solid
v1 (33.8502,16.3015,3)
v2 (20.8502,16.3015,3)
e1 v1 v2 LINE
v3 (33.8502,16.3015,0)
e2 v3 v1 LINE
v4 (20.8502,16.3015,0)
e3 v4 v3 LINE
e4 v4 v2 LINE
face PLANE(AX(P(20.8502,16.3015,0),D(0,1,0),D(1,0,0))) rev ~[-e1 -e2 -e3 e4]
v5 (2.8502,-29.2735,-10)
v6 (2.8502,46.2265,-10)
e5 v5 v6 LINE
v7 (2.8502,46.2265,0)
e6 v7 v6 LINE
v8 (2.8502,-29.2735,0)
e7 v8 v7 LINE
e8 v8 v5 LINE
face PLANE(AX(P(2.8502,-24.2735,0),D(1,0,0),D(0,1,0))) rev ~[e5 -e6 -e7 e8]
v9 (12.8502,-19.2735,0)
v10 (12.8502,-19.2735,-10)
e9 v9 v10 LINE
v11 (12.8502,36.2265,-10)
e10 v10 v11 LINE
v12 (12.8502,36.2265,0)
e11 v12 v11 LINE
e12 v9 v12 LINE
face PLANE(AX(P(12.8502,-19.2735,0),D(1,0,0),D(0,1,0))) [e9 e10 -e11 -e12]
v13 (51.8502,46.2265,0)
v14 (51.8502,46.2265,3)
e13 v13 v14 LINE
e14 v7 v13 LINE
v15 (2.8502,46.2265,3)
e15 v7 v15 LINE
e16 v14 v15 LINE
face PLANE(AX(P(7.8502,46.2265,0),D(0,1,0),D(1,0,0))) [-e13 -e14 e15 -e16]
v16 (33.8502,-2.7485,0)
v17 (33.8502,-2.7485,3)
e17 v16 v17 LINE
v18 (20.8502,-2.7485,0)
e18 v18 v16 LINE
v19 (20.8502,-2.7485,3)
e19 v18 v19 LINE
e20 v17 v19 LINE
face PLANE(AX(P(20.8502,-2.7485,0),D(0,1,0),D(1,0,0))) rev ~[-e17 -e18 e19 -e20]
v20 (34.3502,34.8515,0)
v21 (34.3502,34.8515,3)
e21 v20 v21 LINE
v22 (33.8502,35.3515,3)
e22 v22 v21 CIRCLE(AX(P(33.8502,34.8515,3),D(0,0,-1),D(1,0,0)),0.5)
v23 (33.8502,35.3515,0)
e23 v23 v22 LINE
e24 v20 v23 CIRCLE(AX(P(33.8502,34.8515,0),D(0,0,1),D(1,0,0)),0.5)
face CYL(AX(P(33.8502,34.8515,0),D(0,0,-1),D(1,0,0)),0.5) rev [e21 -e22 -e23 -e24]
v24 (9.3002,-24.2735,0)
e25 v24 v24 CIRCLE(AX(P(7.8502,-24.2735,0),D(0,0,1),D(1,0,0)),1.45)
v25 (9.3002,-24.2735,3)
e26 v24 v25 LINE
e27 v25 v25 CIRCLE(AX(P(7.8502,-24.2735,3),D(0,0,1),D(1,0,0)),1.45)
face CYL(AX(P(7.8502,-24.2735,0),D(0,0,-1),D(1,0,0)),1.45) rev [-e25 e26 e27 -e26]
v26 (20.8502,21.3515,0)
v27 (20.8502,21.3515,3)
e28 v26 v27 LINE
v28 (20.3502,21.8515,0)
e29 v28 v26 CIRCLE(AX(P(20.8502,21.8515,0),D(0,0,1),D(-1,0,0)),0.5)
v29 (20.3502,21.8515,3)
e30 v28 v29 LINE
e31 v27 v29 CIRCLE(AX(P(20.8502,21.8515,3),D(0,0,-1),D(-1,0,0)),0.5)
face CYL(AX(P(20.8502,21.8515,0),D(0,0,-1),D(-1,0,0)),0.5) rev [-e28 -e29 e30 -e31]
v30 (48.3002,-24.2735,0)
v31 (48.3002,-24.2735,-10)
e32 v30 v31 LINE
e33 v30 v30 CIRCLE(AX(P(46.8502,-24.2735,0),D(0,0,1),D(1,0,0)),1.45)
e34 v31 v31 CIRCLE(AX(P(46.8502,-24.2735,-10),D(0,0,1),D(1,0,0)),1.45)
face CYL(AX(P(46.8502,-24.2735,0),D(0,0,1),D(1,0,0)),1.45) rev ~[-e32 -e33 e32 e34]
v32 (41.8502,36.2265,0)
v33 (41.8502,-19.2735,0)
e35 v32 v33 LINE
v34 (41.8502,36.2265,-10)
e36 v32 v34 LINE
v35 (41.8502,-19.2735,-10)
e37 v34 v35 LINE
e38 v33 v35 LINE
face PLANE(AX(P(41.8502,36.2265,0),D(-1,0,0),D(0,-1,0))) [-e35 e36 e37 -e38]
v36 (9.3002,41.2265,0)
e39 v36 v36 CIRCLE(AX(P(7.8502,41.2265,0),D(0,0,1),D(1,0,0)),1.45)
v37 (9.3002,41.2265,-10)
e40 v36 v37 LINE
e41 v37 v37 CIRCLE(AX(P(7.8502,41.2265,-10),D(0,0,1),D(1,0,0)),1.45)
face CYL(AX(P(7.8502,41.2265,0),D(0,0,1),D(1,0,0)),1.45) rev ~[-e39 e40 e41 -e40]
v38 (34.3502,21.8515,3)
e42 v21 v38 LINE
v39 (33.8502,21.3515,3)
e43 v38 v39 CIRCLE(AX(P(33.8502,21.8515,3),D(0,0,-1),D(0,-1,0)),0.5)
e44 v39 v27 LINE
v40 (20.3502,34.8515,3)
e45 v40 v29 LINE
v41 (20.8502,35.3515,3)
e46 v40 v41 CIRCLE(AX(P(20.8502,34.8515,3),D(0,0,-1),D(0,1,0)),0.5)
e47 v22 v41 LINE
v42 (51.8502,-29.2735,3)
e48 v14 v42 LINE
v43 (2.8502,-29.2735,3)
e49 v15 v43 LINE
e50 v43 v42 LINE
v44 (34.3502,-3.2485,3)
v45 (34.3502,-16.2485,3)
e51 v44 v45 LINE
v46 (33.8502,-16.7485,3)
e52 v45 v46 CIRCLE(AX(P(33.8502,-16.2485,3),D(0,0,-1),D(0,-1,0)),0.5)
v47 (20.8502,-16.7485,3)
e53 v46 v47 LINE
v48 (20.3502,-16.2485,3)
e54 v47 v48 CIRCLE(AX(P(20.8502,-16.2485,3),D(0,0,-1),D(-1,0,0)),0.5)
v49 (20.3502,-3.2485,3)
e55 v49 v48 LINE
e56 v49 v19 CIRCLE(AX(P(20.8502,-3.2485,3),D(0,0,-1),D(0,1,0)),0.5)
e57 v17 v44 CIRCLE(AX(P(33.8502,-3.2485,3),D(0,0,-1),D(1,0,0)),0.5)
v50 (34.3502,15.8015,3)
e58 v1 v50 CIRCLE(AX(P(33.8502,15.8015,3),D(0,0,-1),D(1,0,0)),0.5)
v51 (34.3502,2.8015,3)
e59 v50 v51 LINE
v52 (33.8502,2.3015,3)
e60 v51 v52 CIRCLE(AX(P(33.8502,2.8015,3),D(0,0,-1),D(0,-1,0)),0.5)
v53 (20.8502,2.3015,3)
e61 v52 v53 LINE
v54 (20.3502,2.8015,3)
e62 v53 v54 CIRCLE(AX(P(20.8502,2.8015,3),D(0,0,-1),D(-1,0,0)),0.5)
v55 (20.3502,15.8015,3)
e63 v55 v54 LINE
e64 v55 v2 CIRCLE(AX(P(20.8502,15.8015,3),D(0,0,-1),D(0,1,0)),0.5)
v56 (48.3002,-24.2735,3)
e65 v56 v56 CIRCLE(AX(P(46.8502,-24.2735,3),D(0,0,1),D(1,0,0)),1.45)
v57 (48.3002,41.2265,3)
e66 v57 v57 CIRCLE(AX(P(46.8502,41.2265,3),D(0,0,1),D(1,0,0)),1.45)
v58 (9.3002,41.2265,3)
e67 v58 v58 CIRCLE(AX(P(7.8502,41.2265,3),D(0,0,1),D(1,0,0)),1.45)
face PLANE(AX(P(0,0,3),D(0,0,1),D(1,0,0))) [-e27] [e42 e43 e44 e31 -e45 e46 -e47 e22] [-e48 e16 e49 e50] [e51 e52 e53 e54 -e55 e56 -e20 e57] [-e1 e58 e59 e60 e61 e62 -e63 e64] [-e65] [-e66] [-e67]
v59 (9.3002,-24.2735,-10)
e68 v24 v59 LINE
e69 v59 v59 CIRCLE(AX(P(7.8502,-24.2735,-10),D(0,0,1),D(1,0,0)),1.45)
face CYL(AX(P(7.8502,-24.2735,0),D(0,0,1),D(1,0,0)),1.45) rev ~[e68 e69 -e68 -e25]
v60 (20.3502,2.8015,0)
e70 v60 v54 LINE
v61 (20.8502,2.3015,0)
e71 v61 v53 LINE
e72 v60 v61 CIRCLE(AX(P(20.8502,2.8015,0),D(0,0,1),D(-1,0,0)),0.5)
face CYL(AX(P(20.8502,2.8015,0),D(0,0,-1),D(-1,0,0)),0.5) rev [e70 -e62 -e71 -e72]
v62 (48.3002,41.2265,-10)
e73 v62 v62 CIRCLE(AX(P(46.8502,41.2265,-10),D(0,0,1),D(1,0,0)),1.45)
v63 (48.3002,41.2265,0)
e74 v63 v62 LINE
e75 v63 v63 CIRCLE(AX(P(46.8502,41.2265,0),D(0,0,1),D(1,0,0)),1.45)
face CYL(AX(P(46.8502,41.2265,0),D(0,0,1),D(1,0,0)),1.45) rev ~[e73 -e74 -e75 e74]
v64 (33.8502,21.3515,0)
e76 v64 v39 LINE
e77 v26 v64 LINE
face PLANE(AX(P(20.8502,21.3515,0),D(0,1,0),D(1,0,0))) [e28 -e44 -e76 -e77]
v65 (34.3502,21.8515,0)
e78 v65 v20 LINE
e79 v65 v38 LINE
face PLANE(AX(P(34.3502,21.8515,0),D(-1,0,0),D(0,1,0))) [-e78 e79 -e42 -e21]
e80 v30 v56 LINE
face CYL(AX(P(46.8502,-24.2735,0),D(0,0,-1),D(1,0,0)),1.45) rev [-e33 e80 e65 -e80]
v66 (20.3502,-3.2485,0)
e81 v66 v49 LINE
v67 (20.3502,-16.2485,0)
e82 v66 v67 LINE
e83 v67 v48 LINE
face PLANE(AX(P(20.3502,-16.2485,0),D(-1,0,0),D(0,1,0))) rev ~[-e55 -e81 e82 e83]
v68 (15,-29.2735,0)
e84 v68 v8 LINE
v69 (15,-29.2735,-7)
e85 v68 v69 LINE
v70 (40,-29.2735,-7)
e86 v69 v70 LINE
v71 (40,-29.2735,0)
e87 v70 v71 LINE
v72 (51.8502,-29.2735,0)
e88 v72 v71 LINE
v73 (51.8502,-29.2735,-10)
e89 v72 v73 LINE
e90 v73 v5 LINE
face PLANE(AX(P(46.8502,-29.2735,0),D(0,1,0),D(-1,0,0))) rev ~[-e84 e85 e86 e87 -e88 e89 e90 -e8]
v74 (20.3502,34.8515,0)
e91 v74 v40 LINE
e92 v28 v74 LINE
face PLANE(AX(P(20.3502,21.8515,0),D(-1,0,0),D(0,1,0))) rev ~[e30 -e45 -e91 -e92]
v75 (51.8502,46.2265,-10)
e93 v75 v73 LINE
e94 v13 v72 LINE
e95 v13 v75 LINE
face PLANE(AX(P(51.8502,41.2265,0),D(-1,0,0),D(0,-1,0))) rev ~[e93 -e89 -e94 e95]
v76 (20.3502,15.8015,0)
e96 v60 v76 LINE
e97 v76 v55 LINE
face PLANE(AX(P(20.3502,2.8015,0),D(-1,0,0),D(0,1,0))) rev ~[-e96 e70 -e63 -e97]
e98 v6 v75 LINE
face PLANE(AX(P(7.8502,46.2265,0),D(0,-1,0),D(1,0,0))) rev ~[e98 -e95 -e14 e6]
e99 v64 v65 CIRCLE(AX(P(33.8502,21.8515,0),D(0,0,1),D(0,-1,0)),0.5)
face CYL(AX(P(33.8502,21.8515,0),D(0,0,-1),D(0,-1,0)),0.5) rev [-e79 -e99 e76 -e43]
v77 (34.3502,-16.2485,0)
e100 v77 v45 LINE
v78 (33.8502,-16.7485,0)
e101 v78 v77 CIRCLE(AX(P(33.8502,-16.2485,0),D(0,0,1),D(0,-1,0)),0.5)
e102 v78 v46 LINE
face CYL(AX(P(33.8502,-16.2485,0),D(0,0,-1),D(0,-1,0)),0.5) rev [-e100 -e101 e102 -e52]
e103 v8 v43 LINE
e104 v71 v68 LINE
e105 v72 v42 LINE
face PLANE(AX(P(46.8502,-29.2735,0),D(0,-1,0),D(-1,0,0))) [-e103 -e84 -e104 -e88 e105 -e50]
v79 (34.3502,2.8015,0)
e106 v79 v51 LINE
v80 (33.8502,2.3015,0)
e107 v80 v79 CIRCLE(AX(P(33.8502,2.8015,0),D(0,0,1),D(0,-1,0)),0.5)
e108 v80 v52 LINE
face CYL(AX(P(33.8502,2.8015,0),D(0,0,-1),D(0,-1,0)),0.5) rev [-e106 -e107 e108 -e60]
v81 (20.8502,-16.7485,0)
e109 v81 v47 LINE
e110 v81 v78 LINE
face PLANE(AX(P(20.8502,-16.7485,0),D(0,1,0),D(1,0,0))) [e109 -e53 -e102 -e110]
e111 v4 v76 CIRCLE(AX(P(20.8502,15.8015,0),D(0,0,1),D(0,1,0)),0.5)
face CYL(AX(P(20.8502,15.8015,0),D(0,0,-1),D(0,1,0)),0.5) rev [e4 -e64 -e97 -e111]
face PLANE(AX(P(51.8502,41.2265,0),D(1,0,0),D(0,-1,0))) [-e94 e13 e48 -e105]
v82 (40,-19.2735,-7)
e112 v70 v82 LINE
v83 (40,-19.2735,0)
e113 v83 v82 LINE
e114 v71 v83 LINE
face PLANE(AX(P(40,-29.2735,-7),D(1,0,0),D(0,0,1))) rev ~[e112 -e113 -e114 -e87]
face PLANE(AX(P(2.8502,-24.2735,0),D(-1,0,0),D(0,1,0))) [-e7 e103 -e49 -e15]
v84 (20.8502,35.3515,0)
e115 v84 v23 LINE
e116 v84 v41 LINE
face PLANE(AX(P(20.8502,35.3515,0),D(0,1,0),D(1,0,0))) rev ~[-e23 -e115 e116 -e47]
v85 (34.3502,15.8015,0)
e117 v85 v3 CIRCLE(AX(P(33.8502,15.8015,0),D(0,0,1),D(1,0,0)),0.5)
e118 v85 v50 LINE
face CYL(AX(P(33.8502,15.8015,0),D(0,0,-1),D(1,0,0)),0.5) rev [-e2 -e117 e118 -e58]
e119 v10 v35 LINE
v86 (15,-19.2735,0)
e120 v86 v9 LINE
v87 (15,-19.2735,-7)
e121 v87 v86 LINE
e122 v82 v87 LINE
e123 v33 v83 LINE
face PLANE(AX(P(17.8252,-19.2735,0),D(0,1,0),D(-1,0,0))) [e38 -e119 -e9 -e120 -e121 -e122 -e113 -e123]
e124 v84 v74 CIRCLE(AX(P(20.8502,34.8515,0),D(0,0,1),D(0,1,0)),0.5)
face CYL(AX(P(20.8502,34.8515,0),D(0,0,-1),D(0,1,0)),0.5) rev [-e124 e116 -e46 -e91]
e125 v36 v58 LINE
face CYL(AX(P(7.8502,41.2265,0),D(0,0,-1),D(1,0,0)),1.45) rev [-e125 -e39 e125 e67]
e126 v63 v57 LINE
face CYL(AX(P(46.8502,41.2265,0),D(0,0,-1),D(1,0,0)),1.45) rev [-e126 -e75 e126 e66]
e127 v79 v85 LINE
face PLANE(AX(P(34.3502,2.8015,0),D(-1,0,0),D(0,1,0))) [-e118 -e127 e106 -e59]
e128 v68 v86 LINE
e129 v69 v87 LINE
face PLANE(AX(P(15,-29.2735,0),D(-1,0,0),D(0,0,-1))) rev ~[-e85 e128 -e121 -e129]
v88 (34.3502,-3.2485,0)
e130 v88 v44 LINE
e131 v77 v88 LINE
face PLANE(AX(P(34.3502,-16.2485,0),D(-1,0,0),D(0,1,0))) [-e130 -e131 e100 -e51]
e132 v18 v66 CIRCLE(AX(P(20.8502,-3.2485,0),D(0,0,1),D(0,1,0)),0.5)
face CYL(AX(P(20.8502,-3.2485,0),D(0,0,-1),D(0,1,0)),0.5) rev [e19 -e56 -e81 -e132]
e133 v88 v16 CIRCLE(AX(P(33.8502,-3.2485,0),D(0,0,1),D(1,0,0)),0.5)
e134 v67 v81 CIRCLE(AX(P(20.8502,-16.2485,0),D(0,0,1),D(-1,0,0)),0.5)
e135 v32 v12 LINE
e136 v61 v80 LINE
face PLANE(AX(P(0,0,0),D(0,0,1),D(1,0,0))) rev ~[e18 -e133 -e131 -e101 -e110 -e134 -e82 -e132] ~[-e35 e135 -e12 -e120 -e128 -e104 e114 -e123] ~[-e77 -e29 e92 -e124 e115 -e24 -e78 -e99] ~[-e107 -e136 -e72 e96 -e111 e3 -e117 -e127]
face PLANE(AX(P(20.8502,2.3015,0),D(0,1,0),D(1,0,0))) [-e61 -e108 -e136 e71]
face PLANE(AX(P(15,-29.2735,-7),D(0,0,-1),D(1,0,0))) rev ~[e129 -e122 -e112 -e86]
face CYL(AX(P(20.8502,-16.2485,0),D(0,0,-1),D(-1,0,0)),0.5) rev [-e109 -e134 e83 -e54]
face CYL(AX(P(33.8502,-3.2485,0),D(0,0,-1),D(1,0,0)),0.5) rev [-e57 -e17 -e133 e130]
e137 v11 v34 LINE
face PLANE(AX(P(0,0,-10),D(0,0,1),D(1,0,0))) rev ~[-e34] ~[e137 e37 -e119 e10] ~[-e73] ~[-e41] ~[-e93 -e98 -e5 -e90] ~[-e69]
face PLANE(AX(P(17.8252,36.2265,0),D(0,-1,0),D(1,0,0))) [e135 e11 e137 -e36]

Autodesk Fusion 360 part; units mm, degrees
sketch "Sketch1" plane through (0, 0, 0) normal (0, 0, 1) x (1, 0, 0)
  line L0 (12.8502, 36.2265) -> (41.8502, 36.2265)
  line L1 (41.8502, 36.2265) -> (41.8502, -19.2735)
  line L2 (41.8502, -19.2735) -> (12.8502, -19.2735)
  line L3 (12.8502, -19.2735) -> (12.8502, 36.2265)
  line L4 (51.8502, 46.2265) -> (51.8502, -29.2735)
  line L5 (51.8502, -29.2735) -> (2.8502, -29.2735)
  line L6 (2.8502, -29.2735) -> (2.8502, 46.2265)
  line L7 (2.8502, 46.2265) -> (51.8502, 46.2265)
  line L8 (51.8502, -29.2735) -> (46.8502, -29.2735)
  line L9 (46.8502, -29.2735) -> (46.8502, 46.2265)
  line L10 (51.8502, -29.2735) -> (51.8502, -24.2735)
  line L11 (51.8502, -24.2735) -> (2.8502, -24.2735)
  line L12 (2.8502, -29.2735) -> (7.8502, -29.2735)
  line L13 (7.8502, -29.2735) -> (7.8502, 46.2265)
  line L14 (2.8502, 46.2265) -> (2.8502, 41.2265)
  line L15 (2.8502, 41.2265) -> (51.8502, 41.2265)
  circle A0 centre (46.8502, -24.2735) radius 1.45
  circle A1 centre (7.8502, -24.2735) radius 1.45
  circle A2 centre (46.8502, 41.2265) radius 1.45
  circle A3 centre (7.8502, 41.2265) radius 1.45
  line L16 (41.8502, -19.2735) -> (27.3502, -19.2735)
  line L17 (36.8752, -19.2735) -> (36.8752, 37.8765)
  line L18 (34.3502, 2.8015) -> (34.3502, 15.8015)
  line L19 (20.3502, 2.8015) -> (20.3502, 15.8015)
  line L20 (17.8252, -19.2735) -> (17.8252, 37.8765)
  line L21 (17.8252, -19.2735) -> (17.8252, 37.8765)
  line L22 (34.3502, 2.8015) -> (34.3502, 15.8015)
  line L23 (20.3502, 2.8015) -> (20.3502, 15.8015)
  line L24 (34.3502, -16.2485) -> (34.3502, -3.2485)
  arc A4 (20.3502, 2.8015) -> (20.8502, 2.3015) centre (20.8502, 2.8015) ccw
  arc A5 (34.3502, 34.8515) -> (33.8502, 35.3515) centre (33.8502, 34.8515) ccw
  line L25 (36.8752, -19.2735) -> (36.8752, 37.8765)
  arc A6 (20.3502, -16.2485) -> (20.8502, -16.7485) centre (20.8502, -16.2485) ccw
  arc A7 (33.8502, -16.7485) -> (34.3502, -16.2485) centre (33.8502, -16.2485) ccw
  line L26 (20.8502, -2.7485) -> (33.8502, -2.7485)
  line L27 (36.8752, -19.2735) -> (17.8252, -19.2735)
  line L28 (20.8502, 21.3515) -> (33.8502, 21.3515)
  arc A8 (33.8502, -16.7485) -> (34.3502, -16.2485) centre (33.8502, -16.2485) ccw
  line L29 (34.3502, -16.2485) -> (34.3502, -3.2485)
  line L30 (20.8502, 35.3515) -> (33.8502, 35.3515)
  line L31 (36.8752, 37.8765) -> (17.8252, 37.8765)
  line L32 (20.8502, 35.3515) -> (33.8502, 35.3515)
  arc A9 (20.8502, -2.7485) -> (20.3502, -3.2485) centre (20.8502, -3.2485) ccw
  line L33 (20.8502, 2.3015) -> (33.8502, 2.3015)
  arc A10 (20.3502, 21.8515) -> (20.8502, 21.3515) centre (20.8502, 21.8515) ccw
  arc A11 (33.8502, 2.3015) -> (34.3502, 2.8015) centre (33.8502, 2.8015) ccw
  arc A12 (20.8502, -2.7485) -> (20.3502, -3.2485) centre (20.8502, -3.2485) ccw
  line L34 (20.3502, -16.2485) -> (20.3502, -3.2485)
  line L35 (20.8502, -2.7485) -> (33.8502, -2.7485)
  arc A13 (34.3502, -3.2485) -> (33.8502, -2.7485) centre (33.8502, -3.2485) ccw
  line L36 (20.3502, 21.8515) -> (20.3502, 34.8515)
  arc A14 (34.3502, 34.8515) -> (33.8502, 35.3515) centre (33.8502, 34.8515) ccw
  arc A15 (20.3502, 21.8515) -> (20.8502, 21.3515) centre (20.8502, 21.8515) ccw
  arc A16 (20.3502, -16.2485) -> (20.8502, -16.7485) centre (20.8502, -16.2485) ccw
  line L37 (36.8752, -19.2735) -> (17.8252, -19.2735)
  line L38 (36.8752, 37.8765) -> (17.8252, 37.8765)
  arc A17 (20.3502, 2.8015) -> (20.8502, 2.3015) centre (20.8502, 2.8015) ccw
  line L39 (20.3502, -16.2485) -> (20.3502, -3.2485)
  arc A18 (34.3502, -3.2485) -> (33.8502, -2.7485) centre (33.8502, -3.2485) ccw
  arc A19 (34.3502, 15.8015) -> (33.8502, 16.3015) centre (33.8502, 15.8015) ccw
  arc A20 (20.8502, 35.3515) -> (20.3502, 34.8515) centre (20.8502, 34.8515) ccw
  arc A21 (34.3502, 15.8015) -> (33.8502, 16.3015) centre (33.8502, 15.8015) ccw
  line L40 (34.3502, 21.8515) -> (34.3502, 34.8515)
  line L41 (20.8502, -16.7485) -> (33.8502, -16.7485)
  line L42 (20.8502, 21.3515) -> (33.8502, 21.3515)
  line L43 (20.3502, 21.8515) -> (20.3502, 34.8515)
  line L44 (20.8502, 2.3015) -> (33.8502, 2.3015)
  line L45 (34.3502, 21.8515) -> (34.3502, 34.8515)
  arc A22 (33.8502, 2.3015) -> (34.3502, 2.8015) centre (33.8502, 2.8015) ccw
  arc A23 (20.8502, 35.3515) -> (20.3502, 34.8515) centre (20.8502, 34.8515) ccw
  line L46 (20.8502, -16.7485) -> (33.8502, -16.7485)
  arc A24 (20.8502, 16.3015) -> (20.3502, 15.8015) centre (20.8502, 15.8015) ccw
  arc A25 (33.8502, 21.3515) -> (34.3502, 21.8515) centre (33.8502, 21.8515) ccw
  line L47 (20.8502, 16.3015) -> (33.8502, 16.3015)
  arc A26 (33.8502, 21.3515) -> (34.3502, 21.8515) centre (33.8502, 21.8515) ccw
  arc A27 (20.8502, 16.3015) -> (20.3502, 15.8015) centre (20.8502, 15.8015) ccw
  line L48 (20.8502, 16.3015) -> (33.8502, 16.3015)
  line L49 (36.8752, -19.2735) -> (28.3002, -19.2735)
  line L50 (36.8752, -19.2735) -> (27.3502, -19.2735)
  dimension "d1" = 29
  dimension "d2" = 55.5
  dimension "d3" = -10
  dimension "d4" = 5
  dimension "d5" = 5
  dimension "d6" = 5
  dimension "d7" = 5
  dimension "d8" = 2.9
  dimension "d9" = 2.9
  dimension "d10" = 2.9
  dimension "d11" = 2.9
extrude "Extrude1" add sketch "Sketch1" along normal blind 3 contours L0 L2 L3 L20 L21 | L0 L17 L20 L21 L25 L31 L38 | L0 L2 L16 L17 L20 L21 L25 L27 L37 L49 L50 | L0 L1 L2 L16 L17 L25 | L4 L7 L9 L15 A2 | L4 L9 L11 L15 A0 A2 | L7 L9 L13 L15 A2 A3 | L4 L5 L8 L9 L10 L11 A0 | L6 L7 L13 L14 L15 A3 | L9 L11 L13 L15 A0 A1 A2 A3 | L5 L9 L11 L13 A0 A1 | L6 L11 L13 L15 A1 A3 | L5 L6 L11 L12 L13 A1 | L18 L19 L22 L23 A4 L33 A11 A17 A19 A21 L44 A22 A24 L47 A27 L48 | L24 A6 A7 L26 A8 L29 A9 A12 L34 L35 A13 A16 L39 A18 L41 L46 | A5 L28 L30 L32 A10 L36 A14 A15 A20 L40 L42 L43 L45 A23 A25 A26
extrude "Extrude2" add sketch "Sketch1" against normal blind 10 contours L0 L17 L20 L21 L25 L31 L38 | L4 L7 L9 L15 A2 | L4 L9 L11 L15 A0 A2 | L7 L9 L13 L15 A2 A3 | L4 L5 L8 L9 L10 L11 A0 | L6 L7 L13 L14 L15 A3 | L9 L11 L13 L15 A0 A1 A2 A3 | L5 L9 L11 L13 A0 A1 | L6 L11 L13 L15 A1 A3 | L5 L6 L11 L12 L13 A1
extrude "Extrude3" cut sketch "Sketch1" along normal blind 10 contours L18 L19 L22 L23 A4 L33 A11 A17 A19 A21 L44 A22 A24 L47 A27 L48 | L24 A6 A7 L26 A8 L29 A9 A12 L34 L35 A13 A16 L39 A18 L41 L46 | A5 L28 L30 L32 A10 L36 A14 A15 A20 L40 L42 L43 L45 A23 A25 A26
sketch "Sketch3" plane through (0, -29.2735, 0) normal (0, -1, 0) x (1, 0, 0)
  line L0 (51.8502, -10) -> (51.8502, 3)
  line L1 (51.8502, 3) -> (2.8502, 3)
  line L2 (2.8502, 3) -> (2.8502, -10)
  line L3 (2.8502, -10) -> (51.8502, -10)
  line L4 (40, 0) -> (15, 0)
  line L5 (15, 0) -> (15, -7)
  line L6 (15, -7) -> (40, -7)
  line L7 (40, -7) -> (40, 0)
extrude "Extrude4" cut sketch "Sketch3" against normal blind 19 contours L4 L5 L6 L7
